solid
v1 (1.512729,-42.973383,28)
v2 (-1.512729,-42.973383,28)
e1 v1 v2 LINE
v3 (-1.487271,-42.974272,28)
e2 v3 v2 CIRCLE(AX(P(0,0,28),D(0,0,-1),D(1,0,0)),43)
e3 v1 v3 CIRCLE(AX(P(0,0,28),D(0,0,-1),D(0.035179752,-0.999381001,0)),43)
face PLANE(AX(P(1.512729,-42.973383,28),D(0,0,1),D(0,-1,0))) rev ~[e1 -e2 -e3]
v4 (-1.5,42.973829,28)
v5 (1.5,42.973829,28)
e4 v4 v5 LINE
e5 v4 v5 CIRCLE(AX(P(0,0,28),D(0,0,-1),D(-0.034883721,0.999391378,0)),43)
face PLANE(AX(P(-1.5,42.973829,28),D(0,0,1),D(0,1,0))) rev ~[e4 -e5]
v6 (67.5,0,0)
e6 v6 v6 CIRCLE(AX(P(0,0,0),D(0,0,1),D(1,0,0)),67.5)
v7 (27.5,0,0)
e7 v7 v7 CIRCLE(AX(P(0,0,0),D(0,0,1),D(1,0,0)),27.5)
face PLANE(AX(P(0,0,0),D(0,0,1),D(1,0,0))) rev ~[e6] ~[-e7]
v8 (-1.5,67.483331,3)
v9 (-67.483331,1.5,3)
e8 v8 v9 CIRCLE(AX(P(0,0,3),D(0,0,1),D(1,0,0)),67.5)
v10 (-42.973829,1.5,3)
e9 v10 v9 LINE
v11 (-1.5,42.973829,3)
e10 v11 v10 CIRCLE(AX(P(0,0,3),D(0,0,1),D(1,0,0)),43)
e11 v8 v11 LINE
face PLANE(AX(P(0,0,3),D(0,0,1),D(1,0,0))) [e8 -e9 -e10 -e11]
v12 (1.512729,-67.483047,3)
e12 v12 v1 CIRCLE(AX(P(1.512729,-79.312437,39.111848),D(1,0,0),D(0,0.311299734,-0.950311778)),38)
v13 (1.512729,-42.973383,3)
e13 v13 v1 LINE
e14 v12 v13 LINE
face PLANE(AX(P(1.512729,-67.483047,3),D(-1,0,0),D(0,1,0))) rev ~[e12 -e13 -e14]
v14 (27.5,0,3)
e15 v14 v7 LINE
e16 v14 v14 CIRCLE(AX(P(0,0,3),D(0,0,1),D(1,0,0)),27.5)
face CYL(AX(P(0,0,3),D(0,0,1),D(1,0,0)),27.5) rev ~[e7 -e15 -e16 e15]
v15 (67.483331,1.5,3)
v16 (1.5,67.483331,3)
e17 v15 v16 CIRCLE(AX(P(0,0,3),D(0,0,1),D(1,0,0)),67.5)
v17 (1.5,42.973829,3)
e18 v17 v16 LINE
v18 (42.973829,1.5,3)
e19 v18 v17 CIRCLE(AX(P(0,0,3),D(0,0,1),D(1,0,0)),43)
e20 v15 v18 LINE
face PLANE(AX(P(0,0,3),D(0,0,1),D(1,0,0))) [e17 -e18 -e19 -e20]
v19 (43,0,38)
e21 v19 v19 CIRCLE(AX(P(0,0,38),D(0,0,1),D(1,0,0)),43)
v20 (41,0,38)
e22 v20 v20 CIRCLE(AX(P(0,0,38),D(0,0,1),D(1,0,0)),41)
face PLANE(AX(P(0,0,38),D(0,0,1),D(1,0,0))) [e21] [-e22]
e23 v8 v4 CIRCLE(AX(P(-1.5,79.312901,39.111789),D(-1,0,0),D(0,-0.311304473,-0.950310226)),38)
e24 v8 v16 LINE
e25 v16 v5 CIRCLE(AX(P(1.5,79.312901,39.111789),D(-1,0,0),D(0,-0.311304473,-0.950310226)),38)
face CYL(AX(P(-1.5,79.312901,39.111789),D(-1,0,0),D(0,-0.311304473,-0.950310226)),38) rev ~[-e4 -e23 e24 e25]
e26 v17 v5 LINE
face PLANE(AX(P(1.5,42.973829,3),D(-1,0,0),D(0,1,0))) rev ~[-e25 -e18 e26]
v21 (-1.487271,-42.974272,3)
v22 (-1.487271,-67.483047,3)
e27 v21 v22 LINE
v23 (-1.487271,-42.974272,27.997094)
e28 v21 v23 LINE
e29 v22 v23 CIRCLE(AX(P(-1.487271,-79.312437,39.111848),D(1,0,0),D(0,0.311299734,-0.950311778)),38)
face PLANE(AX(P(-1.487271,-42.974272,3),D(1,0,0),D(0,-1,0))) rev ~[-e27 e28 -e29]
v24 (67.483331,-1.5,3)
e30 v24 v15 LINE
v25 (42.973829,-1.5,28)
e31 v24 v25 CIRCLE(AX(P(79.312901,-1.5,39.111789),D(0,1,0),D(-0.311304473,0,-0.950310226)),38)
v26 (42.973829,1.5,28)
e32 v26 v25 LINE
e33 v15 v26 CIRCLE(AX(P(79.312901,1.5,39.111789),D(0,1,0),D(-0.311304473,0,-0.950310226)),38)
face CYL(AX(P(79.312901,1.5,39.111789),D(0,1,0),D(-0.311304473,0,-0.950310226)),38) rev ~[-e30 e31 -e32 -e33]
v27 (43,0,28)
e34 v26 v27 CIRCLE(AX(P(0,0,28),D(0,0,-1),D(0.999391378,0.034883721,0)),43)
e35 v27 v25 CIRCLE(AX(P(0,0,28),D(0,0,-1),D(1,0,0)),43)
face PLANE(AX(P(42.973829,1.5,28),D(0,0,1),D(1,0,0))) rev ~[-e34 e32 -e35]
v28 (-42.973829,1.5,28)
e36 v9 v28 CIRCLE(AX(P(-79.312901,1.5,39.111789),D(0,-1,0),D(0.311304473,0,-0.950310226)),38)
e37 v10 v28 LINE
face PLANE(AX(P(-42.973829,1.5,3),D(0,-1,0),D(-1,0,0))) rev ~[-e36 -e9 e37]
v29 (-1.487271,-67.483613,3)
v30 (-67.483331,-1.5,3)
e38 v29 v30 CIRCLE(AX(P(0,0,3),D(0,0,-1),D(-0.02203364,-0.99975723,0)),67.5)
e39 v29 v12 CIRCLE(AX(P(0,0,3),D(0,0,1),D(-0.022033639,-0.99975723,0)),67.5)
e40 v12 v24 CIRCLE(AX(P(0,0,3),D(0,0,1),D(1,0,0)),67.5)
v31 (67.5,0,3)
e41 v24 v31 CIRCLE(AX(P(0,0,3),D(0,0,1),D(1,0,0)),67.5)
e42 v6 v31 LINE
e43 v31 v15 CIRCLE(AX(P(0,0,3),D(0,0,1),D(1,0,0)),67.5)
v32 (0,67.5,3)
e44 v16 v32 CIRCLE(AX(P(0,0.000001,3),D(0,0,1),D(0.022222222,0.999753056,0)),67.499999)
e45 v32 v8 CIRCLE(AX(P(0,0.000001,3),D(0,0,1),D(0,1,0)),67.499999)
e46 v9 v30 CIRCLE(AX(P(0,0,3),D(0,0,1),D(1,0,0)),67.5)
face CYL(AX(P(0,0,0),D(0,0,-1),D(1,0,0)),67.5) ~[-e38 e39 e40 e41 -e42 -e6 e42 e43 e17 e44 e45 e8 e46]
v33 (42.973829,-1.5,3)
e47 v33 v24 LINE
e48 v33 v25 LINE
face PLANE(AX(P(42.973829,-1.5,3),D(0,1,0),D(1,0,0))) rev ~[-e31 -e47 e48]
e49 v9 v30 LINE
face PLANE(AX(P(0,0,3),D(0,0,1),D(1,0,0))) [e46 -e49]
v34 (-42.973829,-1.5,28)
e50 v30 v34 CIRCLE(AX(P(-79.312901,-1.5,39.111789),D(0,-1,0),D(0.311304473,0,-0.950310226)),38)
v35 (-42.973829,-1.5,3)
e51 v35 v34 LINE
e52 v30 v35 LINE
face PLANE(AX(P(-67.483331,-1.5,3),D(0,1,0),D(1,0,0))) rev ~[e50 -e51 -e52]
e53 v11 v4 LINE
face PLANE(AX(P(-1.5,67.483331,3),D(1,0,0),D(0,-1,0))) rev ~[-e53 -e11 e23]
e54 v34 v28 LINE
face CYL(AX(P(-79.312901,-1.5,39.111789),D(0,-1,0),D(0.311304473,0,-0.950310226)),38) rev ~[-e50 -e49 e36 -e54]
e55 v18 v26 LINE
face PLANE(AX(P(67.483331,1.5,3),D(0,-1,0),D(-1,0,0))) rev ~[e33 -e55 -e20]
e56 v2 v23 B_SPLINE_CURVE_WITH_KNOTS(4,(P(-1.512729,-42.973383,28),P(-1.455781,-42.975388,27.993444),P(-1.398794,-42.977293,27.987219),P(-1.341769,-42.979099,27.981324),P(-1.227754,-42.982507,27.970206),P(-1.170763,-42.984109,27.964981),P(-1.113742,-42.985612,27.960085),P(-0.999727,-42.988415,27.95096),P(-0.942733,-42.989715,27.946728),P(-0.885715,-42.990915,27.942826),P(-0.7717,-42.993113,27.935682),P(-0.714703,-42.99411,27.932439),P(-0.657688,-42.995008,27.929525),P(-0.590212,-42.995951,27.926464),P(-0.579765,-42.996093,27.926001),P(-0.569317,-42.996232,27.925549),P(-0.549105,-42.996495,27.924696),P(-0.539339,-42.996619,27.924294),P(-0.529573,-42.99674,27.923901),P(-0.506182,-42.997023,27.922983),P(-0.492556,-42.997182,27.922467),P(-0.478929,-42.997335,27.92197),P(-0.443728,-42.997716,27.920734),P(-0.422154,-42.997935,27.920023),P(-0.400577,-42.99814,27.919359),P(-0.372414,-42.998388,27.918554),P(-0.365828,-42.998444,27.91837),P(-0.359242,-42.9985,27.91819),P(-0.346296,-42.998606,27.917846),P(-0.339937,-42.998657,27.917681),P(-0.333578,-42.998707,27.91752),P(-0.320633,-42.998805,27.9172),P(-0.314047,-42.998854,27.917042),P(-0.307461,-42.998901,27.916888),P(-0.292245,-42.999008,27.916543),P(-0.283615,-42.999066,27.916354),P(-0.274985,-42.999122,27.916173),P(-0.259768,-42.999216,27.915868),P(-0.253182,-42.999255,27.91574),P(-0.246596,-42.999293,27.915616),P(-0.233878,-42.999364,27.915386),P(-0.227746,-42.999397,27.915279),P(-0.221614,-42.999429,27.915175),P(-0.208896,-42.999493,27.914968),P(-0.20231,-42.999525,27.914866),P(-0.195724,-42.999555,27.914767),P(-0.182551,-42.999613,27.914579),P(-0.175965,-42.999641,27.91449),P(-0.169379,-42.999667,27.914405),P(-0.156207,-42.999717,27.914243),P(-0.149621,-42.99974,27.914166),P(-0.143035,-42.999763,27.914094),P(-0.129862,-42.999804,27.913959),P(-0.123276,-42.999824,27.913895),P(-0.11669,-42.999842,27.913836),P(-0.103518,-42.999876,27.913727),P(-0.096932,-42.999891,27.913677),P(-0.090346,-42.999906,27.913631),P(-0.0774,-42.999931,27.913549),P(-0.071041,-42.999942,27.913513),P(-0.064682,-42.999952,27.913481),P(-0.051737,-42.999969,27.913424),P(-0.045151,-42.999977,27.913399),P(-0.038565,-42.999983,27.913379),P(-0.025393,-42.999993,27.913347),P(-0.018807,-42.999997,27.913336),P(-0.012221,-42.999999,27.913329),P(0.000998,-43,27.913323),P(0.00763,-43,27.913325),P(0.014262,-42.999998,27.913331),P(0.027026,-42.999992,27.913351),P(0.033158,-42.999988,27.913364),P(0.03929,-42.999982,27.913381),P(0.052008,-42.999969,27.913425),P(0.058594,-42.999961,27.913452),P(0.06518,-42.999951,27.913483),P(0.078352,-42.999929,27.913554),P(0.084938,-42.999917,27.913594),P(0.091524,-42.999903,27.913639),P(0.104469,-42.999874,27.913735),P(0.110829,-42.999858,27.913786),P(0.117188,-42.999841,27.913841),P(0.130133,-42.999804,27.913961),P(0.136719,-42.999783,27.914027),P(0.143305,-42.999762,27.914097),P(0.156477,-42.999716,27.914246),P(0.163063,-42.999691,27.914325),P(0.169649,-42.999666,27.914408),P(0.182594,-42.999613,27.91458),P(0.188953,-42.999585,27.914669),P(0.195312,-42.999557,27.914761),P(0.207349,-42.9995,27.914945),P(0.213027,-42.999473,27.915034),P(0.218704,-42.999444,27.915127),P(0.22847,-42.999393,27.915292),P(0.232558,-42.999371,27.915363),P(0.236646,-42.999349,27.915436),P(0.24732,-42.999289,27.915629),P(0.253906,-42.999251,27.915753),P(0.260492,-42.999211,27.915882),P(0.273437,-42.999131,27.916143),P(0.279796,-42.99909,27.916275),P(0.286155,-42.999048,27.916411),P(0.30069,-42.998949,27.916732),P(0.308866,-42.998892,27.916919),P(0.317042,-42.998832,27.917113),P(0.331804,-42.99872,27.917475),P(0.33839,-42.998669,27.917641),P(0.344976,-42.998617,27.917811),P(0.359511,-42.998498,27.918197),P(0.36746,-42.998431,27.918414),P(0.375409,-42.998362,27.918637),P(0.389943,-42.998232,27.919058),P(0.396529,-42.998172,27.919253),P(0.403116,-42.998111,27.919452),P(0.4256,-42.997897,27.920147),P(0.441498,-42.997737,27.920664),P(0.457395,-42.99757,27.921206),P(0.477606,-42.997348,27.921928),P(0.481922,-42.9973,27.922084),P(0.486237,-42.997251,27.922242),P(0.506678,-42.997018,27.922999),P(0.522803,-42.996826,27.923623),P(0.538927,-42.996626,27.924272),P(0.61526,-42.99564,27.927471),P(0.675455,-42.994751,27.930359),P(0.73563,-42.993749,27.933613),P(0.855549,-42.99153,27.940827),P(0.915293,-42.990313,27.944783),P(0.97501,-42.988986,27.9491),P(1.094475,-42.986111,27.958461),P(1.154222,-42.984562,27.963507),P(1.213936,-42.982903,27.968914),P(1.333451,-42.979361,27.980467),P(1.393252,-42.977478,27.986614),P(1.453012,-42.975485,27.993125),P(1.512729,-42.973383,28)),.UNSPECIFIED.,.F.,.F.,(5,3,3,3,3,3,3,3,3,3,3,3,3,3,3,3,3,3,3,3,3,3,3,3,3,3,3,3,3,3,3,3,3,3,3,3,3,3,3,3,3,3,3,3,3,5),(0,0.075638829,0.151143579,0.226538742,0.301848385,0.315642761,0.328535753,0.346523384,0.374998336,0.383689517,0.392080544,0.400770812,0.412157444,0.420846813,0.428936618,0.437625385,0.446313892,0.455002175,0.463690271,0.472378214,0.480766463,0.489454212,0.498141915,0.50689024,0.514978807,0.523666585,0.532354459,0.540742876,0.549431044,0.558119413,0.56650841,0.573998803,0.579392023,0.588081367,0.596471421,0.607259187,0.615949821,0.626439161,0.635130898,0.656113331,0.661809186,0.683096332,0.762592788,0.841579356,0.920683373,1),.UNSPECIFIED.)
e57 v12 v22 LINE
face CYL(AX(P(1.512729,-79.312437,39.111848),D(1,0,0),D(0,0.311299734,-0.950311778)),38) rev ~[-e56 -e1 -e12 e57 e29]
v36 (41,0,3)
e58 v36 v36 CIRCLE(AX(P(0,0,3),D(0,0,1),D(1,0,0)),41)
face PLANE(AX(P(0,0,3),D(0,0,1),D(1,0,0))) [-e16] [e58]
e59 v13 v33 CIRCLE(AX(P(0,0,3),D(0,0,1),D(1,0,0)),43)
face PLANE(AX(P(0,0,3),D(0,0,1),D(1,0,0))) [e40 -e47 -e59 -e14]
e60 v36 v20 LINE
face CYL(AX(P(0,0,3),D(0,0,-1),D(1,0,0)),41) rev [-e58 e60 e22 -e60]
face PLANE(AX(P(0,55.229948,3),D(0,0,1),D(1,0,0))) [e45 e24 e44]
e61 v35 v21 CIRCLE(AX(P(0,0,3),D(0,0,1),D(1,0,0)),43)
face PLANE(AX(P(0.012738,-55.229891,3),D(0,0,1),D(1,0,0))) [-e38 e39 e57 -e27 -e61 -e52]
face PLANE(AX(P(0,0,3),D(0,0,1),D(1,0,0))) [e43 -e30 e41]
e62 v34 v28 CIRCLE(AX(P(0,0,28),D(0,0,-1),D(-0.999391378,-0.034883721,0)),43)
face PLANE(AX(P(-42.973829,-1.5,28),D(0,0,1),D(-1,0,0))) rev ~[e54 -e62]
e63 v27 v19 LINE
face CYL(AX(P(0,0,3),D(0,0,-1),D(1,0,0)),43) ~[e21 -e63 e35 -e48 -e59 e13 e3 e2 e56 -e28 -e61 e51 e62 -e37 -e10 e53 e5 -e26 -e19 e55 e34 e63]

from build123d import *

# Parameters (mm, degrees)
F0_R      = 67.5
F1_DEPTH  = 3
F2_R      = 43
F2_R_2    = 41
F3_DEPTH  = 35
F4_R      = 27.5
F5_DEPTH  = 3
F7_DEPTH  = 25
F12_DEPTH = 25
F13_DEPTH = 25
F14_DEPTH = 25
F15_DEPTH = 25
F16_DEPTH = 25


with BuildPart() as f1:
    # F0 (on Top) → F1 (new body)
    with BuildSketch(Plane.XY):
        Circle(F0_R)
    extrude(amount=F1_DEPTH)

    # F2 (on face) → F3 (join)
    with BuildSketch(Plane.XY.offset(3)):
        Circle(F2_R)
        Circle(F2_R_2, mode=Mode.SUBTRACT)
    extrude(amount=F3_DEPTH)

    # F4 (on face) → F5 (cut)
    with BuildSketch(Plane.XY.offset(3)):
        Circle(F4_R)
    extrude(amount=-F5_DEPTH, mode=Mode.SUBTRACT)

    # F6 (on face) → F7 (join)
    with BuildSketch(Plane.XY.offset(3)):
        with BuildLine():
            ThreePointArc((-1.4872706737, -67.4836130179), (0.0127324705, -67.4999987991), (1.5127293263, -67.4830471303))
            Line((1.5127293263, -67.4830471303), (1.5127293263, -42.973383041))
            ThreePointArc((1.5127293263, -42.973383041), (0.0127370783, -42.9999981136), (-1.4872706737, -42.9742716744))
            Line((-1.4872706737, -42.9742716744), (-1.4872706737, -67.4836130179))
        make_face()
        with BuildLine():
            Line((67.4833312752, -1.5), (67.4833312752, 1.5))
            Line((67.4833312752, 1.5), (42.9738292453, 1.5))
            ThreePointArc((42.9738292453, 1.5), (42.9934568135, 0.7501141427), (43, 0))
            ThreePointArc((43, 0), (42.9934568135, -0.7501141427), (42.9738292453, -1.5))
            Line((42.9738292453, -1.5), (67.4833312752, -1.5))
        make_face()
        with BuildLine():
            Line((-42.9738292453, 1.5), (-67.4833312752, 1.5))
            Line((-67.4833312752, 1.5), (-67.4833312752, -1.5))
            Line((-67.4833312752, -1.5), (-42.9738292453, -1.5))
            ThreePointArc((-42.9738292453, -1.5), (-43, 0), (-42.9738292453, 1.5))
        make_face()
        with BuildLine():
            ThreePointArc((1.5, 67.4833312752), (0.7500463063, 67.4958326902), (0, 67.5))
            ThreePointArc((0, 67.5), (-0.7500463063, 67.4958326902), (-1.5, 67.4833312752))
            Line((-1.5, 67.4833312752), (-1.5, 42.9738292453))
            ThreePointArc((-1.5, 42.9738292453), (0, 43), (1.5, 42.9738292453))
            Line((1.5, 42.9738292453), (1.5, 67.4833312752))
        make_face()
    extrude(amount=F7_DEPTH)

    # F11 (on face) → F12 (cut)
    with BuildSketch(Plane.YZ.offset(1.5127293263)):
        with BuildLine():
            Line((-67.4830471303, 28), (-67.4830471303, 3))
            ThreePointArc((-67.4830471303, 3), (-52.1775932535, 12.5092113453), (-42.973383041, 28))
            Line((-42.973383041, 28), (-67.4830471303, 28))
        make_face()
    extrude(amount=-F12_DEPTH, mode=Mode.SUBTRACT)

    # F8 (on face) → F13 (cut)
    with BuildSketch(Plane(origin=(0, 1.5, 0), x_dir=(-1, 0, 0), z_dir=(0, 1, 0))):
        with BuildLine():
            Line((-67.4833312752, 28), (-67.4833312752, 3))
            ThreePointArc((-67.4833312752, 3), (-52.177969566, 12.5092420399), (-42.9738292453, 28))
            Line((-42.9738292453, 28), (-67.4833312752, 28))
        make_face()
    extrude(amount=-F13_DEPTH, mode=Mode.SUBTRACT)

    # F9 (on face) → F14 (cut)
    with BuildSketch(Plane(origin=(-1.5, 0, 0), x_dir=(0, -1, 0), z_dir=(-1, 0, 0))):
        with BuildLine():
            Line((-67.4833312752, 28), (-67.4833312752, 3))
            ThreePointArc((-67.4833312752, 3), (-52.177969566, 12.5092420399), (-42.9738292453, 28))
            Line((-42.9738292453, 28), (-67.4833312752, 28))
        make_face()
    extrude(amount=-F14_DEPTH, mode=Mode.SUBTRACT)

    # F10 (on face) → F15 (cut)
    with BuildSketch(Plane.XZ.offset(1.5)):
        with BuildLine():
            Line((-67.4833312752, 28), (-67.4833312752, 3))
            ThreePointArc((-67.4833312752, 3), (-52.177969566, 12.5092420399), (-42.9738292453, 28))
            Line((-42.9738292453, 28), (-67.4833312752, 28))
        make_face()
    extrude(amount=-F15_DEPTH, mode=Mode.SUBTRACT)

    # F16 (cut, through all): faces of the model
    f16_faces = [f1.faces().sort_by_distance(p)[0] for p in [
        (0, 67.4899988357, 28),
        (0.0003160568, -67.4898297441, 28),
        (0, 67.4899988357, 28),
        (0.0003160568, -67.4898297441, 28),
    ]]
    extrude(f16_faces, amount=-F16_DEPTH, mode=Mode.SUBTRACT)


solid = f1.part
